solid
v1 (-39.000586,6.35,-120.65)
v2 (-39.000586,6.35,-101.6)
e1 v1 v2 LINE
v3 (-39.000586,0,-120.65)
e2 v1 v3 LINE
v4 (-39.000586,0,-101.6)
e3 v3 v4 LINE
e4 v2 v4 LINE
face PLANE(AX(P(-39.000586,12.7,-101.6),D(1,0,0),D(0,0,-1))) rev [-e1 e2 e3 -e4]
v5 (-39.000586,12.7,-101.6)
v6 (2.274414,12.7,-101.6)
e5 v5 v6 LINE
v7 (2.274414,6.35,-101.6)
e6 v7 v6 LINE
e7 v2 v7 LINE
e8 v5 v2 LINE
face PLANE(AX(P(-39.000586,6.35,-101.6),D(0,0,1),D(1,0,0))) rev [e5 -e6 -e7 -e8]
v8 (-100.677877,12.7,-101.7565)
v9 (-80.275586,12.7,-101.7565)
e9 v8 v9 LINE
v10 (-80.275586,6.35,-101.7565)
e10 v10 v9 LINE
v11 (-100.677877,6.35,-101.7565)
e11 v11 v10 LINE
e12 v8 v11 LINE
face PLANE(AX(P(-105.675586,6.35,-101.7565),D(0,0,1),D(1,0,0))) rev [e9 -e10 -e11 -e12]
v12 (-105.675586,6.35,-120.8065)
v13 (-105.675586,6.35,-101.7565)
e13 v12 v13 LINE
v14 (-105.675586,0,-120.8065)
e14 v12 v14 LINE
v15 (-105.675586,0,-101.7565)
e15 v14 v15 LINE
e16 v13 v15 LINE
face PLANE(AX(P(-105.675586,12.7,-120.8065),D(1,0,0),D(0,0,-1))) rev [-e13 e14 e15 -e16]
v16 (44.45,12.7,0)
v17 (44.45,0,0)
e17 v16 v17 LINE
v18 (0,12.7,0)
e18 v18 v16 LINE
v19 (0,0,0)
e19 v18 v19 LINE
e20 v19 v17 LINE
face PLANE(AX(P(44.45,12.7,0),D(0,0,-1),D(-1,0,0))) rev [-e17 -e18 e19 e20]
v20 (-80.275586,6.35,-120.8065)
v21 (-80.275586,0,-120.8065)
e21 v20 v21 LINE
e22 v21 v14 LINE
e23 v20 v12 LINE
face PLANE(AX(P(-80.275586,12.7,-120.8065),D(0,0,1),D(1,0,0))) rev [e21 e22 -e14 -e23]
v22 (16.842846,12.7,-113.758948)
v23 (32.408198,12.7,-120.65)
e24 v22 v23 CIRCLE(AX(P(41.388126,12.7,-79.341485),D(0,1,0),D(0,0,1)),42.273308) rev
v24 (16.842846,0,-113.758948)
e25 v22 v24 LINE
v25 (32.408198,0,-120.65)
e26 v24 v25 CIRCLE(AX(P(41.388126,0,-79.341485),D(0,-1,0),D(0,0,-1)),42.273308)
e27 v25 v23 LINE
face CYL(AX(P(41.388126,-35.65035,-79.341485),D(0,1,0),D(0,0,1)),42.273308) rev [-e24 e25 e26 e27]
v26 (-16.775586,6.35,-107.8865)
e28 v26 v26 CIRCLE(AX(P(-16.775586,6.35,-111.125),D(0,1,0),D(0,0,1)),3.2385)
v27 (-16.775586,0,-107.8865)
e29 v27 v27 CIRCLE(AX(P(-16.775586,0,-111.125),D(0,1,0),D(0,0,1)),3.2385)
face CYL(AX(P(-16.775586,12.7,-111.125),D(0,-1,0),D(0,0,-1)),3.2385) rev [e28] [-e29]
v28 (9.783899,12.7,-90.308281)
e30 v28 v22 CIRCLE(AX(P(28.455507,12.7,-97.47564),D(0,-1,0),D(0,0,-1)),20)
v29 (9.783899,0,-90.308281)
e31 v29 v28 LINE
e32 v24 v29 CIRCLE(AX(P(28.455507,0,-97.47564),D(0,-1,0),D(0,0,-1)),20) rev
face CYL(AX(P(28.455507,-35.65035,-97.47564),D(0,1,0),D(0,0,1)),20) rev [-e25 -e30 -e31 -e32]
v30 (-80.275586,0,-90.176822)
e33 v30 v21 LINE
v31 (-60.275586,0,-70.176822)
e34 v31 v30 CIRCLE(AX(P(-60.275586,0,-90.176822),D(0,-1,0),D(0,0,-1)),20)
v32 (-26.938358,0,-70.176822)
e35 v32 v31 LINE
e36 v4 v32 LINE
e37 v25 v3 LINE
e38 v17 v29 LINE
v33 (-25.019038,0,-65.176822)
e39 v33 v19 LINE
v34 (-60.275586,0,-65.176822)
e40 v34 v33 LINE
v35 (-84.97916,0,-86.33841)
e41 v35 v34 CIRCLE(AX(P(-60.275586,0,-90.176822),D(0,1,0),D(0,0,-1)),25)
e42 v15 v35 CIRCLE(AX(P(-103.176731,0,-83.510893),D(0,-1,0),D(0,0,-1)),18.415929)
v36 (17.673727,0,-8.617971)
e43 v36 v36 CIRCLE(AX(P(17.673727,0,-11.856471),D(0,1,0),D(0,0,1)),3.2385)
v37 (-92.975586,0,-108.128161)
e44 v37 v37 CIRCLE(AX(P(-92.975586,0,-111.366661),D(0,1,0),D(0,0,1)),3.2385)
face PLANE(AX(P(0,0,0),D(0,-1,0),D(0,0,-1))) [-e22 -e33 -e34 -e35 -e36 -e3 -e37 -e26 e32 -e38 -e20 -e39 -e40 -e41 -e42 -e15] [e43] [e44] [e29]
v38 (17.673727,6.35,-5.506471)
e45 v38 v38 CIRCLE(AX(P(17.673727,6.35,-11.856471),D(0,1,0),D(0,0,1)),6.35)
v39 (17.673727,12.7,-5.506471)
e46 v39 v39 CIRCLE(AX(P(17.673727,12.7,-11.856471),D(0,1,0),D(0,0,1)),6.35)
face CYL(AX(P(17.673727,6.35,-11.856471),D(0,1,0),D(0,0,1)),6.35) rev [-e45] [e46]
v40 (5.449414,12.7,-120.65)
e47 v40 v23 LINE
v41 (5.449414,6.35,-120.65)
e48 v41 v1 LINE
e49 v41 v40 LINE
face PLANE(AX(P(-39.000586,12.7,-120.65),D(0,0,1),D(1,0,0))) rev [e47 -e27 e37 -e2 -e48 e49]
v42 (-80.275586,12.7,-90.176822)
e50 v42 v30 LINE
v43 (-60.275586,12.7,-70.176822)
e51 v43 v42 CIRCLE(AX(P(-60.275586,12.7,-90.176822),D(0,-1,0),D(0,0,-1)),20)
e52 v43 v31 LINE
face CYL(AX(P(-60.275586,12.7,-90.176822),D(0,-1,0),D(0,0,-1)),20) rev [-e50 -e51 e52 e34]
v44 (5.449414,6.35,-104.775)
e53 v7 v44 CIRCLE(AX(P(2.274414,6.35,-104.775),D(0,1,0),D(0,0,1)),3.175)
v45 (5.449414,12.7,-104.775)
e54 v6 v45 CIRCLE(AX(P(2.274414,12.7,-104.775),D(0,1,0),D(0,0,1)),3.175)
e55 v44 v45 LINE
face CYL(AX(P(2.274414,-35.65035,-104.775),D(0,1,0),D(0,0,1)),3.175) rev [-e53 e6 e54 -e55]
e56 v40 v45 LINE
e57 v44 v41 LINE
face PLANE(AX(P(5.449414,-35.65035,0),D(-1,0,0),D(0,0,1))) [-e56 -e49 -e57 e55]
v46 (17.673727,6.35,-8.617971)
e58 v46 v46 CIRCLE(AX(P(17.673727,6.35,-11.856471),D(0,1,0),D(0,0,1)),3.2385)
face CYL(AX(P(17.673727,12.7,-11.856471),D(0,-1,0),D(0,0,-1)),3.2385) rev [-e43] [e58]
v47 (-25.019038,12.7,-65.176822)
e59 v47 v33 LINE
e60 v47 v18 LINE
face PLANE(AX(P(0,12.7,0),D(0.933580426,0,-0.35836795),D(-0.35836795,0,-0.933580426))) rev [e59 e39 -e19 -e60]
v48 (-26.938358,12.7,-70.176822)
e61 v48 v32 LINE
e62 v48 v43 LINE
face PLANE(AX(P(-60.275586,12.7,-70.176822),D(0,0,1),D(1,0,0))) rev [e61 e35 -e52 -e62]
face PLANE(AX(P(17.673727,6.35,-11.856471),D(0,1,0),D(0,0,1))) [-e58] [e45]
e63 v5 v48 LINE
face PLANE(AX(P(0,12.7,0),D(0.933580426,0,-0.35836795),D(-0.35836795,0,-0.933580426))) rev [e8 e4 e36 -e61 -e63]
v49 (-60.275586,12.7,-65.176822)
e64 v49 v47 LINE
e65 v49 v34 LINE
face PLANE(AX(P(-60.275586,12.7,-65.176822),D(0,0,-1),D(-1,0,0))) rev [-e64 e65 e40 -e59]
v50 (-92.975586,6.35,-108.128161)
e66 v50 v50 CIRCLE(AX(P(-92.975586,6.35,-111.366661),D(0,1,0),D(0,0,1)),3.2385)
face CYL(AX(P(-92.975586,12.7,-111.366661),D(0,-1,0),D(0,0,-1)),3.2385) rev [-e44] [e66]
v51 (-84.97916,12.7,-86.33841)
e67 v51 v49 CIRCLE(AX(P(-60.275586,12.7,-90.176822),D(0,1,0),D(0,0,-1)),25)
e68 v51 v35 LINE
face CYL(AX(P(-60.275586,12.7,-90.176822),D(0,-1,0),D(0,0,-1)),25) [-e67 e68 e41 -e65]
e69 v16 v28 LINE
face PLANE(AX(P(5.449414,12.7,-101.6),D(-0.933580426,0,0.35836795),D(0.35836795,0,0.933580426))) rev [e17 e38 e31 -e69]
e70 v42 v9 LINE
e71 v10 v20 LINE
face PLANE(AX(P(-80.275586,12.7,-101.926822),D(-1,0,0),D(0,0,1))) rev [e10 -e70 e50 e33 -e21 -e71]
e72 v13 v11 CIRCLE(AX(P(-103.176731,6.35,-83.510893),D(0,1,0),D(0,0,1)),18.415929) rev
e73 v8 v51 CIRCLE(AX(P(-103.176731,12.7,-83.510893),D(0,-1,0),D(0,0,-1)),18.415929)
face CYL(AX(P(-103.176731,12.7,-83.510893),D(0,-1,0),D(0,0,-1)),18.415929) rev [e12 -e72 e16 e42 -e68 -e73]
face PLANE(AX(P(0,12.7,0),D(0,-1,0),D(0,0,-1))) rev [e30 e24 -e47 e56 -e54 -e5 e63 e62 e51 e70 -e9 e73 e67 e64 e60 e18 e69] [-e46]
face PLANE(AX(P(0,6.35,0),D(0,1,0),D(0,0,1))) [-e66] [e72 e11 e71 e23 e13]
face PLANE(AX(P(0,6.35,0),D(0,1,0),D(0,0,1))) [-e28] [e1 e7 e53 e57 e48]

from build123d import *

# Parameters (mm, degrees)
SKETCH1_R           = 3.2385
BOSS_EXTRUDE1_DEPTH = 12.7
SKETCH2_R           = 6.35
SKETCH2_W           = 44.45
SKETCH2_H           = 19.05
CUT_EXTRUDE1_DEPTH  = 6.35
BOSS_EXTRUDE4_DEPTH = 12.7
FILLET1_R           = 20
SKETCH4_R           = 3.2385
BOSS_EXTRUDE5_DEPTH = 12.7
SKETCH5_W           = 25.4
SKETCH5_H           = 19.05
CUT_EXTRUDE2_DEPTH  = 6.35


with BuildPart() as part:
    # Sketch1 → Boss-Extrude1 (new body)
    with BuildSketch(Plane(origin=(0, 0, 0), x_dir=(1, 0, 0), z_dir=(0, 1, 0))):
        Polygon((0, 0), (-39.00058596, 101.6), (-39.00058596, 120.65), (5.44941404, 120.65), (5.44941404, 101.6), (44.45, 0), align=None)
        with Locations((17.673727041, 11.856471417)):
            Circle(SKETCH1_R, mode=Mode.SUBTRACT)
        with Locations((-16.77558596, 111.125)):
            Circle(SKETCH1_R, mode=Mode.SUBTRACT)
    extrude(amount=BOSS_EXTRUDE1_DEPTH)

    # Sketch2 → Cut-Extrude1 (cut)
    with BuildSketch(Plane(origin=(0, 12.7, 0), x_dir=(1, 0, 0), z_dir=(0, 1, 0))):
        with Locations((17.673727041, 11.856471417)):
            Circle(SKETCH2_R)
        with Locations((-16.77558596, 111.125)):
            Rectangle(SKETCH2_W, SKETCH2_H)
    extrude(amount=-CUT_EXTRUDE1_DEPTH, mode=Mode.SUBTRACT)

    # Sketch3 → Boss-Extrude4 (add)
    with BuildSketch(Plane(origin=(0, 12.7, 0), x_dir=(1, 0, 0), z_dir=(0, 1, 0))):
        with BuildLine():
            Line((32.408197765, 120.65), (5.44941404, 120.65))
            Line((5.44941404, 120.65), (5.44941404, 104.775))
            ThreePointArc((5.44941404, 104.775), (4.519478071, 102.52993597), (2.27441404, 101.6))
            Line((2.27441404, 101.6), (5.44941404, 101.6))
            ThreePointArc((5.44941404, 101.6), (16.992497649, 113.865184538), (32.408197765, 120.65))
        make_face()
    extrude(amount=-BOSS_EXTRUDE4_DEPTH)

    # Fillet1
    fillet1_edges = [part.edges().sort_by_distance(p)[0] for p in [
        (5.44941404, 6.35, -101.6),
    ]]
    fillet(fillet1_edges, radius=FILLET1_R)

    # Sketch4 → Boss-Extrude5 (add)
    with BuildSketch(Plane(origin=(0, 0, 0), x_dir=(1, 0, 0), z_dir=(0, 1, 0))):
        with BuildLine():
            Line((-80.27558596, 101.926821939), (-80.27558596, 90.176821939))
            ThreePointArc((-80.27558596, 90.176821939), (-74.417721583, 76.034686315), (-60.27558596, 70.176821939))
            Line((-60.27558596, 70.176821939), (-26.938358036, 70.176821939))
            Line((-26.938358036, 70.176821939), (-25.01903786, 65.176821939))
            Line((-25.01903786, 65.176821939), (-60.27558596, 65.176821939))
            ThreePointArc((-60.27558596, 65.176821939), (-76.539652165, 71.190507118), (-84.979160459, 86.338409901))
            ThreePointArc((-84.979160459, 86.338409901), (-92.17483168, 98.279259247), (-105.67558596, 101.75649972))
            Line((-105.67558596, 101.75649972), (-105.67558596, 120.80649972))
            Line((-105.67558596, 120.80649972), (-80.27558596, 120.80649972))
            Line((-80.27558596, 120.80649972), (-80.27558596, 101.926821939))
        make_face()
        with Locations((-92.97558596, 111.36666083)):
            Circle(SKETCH4_R, mode=Mode.SUBTRACT)
    extrude(amount=BOSS_EXTRUDE5_DEPTH)

    # Sketch5 → Cut-Extrude2 (cut)
    with BuildSketch(Plane(origin=(0, 12.7, 0), x_dir=(1, 0, 0), z_dir=(0, 1, 0))):
        with Locations((-92.97558596, 111.28149972)):
            Rectangle(SKETCH5_W, SKETCH5_H)
    extrude(amount=-CUT_EXTRUDE2_DEPTH, mode=Mode.SUBTRACT)


solid = part.part
